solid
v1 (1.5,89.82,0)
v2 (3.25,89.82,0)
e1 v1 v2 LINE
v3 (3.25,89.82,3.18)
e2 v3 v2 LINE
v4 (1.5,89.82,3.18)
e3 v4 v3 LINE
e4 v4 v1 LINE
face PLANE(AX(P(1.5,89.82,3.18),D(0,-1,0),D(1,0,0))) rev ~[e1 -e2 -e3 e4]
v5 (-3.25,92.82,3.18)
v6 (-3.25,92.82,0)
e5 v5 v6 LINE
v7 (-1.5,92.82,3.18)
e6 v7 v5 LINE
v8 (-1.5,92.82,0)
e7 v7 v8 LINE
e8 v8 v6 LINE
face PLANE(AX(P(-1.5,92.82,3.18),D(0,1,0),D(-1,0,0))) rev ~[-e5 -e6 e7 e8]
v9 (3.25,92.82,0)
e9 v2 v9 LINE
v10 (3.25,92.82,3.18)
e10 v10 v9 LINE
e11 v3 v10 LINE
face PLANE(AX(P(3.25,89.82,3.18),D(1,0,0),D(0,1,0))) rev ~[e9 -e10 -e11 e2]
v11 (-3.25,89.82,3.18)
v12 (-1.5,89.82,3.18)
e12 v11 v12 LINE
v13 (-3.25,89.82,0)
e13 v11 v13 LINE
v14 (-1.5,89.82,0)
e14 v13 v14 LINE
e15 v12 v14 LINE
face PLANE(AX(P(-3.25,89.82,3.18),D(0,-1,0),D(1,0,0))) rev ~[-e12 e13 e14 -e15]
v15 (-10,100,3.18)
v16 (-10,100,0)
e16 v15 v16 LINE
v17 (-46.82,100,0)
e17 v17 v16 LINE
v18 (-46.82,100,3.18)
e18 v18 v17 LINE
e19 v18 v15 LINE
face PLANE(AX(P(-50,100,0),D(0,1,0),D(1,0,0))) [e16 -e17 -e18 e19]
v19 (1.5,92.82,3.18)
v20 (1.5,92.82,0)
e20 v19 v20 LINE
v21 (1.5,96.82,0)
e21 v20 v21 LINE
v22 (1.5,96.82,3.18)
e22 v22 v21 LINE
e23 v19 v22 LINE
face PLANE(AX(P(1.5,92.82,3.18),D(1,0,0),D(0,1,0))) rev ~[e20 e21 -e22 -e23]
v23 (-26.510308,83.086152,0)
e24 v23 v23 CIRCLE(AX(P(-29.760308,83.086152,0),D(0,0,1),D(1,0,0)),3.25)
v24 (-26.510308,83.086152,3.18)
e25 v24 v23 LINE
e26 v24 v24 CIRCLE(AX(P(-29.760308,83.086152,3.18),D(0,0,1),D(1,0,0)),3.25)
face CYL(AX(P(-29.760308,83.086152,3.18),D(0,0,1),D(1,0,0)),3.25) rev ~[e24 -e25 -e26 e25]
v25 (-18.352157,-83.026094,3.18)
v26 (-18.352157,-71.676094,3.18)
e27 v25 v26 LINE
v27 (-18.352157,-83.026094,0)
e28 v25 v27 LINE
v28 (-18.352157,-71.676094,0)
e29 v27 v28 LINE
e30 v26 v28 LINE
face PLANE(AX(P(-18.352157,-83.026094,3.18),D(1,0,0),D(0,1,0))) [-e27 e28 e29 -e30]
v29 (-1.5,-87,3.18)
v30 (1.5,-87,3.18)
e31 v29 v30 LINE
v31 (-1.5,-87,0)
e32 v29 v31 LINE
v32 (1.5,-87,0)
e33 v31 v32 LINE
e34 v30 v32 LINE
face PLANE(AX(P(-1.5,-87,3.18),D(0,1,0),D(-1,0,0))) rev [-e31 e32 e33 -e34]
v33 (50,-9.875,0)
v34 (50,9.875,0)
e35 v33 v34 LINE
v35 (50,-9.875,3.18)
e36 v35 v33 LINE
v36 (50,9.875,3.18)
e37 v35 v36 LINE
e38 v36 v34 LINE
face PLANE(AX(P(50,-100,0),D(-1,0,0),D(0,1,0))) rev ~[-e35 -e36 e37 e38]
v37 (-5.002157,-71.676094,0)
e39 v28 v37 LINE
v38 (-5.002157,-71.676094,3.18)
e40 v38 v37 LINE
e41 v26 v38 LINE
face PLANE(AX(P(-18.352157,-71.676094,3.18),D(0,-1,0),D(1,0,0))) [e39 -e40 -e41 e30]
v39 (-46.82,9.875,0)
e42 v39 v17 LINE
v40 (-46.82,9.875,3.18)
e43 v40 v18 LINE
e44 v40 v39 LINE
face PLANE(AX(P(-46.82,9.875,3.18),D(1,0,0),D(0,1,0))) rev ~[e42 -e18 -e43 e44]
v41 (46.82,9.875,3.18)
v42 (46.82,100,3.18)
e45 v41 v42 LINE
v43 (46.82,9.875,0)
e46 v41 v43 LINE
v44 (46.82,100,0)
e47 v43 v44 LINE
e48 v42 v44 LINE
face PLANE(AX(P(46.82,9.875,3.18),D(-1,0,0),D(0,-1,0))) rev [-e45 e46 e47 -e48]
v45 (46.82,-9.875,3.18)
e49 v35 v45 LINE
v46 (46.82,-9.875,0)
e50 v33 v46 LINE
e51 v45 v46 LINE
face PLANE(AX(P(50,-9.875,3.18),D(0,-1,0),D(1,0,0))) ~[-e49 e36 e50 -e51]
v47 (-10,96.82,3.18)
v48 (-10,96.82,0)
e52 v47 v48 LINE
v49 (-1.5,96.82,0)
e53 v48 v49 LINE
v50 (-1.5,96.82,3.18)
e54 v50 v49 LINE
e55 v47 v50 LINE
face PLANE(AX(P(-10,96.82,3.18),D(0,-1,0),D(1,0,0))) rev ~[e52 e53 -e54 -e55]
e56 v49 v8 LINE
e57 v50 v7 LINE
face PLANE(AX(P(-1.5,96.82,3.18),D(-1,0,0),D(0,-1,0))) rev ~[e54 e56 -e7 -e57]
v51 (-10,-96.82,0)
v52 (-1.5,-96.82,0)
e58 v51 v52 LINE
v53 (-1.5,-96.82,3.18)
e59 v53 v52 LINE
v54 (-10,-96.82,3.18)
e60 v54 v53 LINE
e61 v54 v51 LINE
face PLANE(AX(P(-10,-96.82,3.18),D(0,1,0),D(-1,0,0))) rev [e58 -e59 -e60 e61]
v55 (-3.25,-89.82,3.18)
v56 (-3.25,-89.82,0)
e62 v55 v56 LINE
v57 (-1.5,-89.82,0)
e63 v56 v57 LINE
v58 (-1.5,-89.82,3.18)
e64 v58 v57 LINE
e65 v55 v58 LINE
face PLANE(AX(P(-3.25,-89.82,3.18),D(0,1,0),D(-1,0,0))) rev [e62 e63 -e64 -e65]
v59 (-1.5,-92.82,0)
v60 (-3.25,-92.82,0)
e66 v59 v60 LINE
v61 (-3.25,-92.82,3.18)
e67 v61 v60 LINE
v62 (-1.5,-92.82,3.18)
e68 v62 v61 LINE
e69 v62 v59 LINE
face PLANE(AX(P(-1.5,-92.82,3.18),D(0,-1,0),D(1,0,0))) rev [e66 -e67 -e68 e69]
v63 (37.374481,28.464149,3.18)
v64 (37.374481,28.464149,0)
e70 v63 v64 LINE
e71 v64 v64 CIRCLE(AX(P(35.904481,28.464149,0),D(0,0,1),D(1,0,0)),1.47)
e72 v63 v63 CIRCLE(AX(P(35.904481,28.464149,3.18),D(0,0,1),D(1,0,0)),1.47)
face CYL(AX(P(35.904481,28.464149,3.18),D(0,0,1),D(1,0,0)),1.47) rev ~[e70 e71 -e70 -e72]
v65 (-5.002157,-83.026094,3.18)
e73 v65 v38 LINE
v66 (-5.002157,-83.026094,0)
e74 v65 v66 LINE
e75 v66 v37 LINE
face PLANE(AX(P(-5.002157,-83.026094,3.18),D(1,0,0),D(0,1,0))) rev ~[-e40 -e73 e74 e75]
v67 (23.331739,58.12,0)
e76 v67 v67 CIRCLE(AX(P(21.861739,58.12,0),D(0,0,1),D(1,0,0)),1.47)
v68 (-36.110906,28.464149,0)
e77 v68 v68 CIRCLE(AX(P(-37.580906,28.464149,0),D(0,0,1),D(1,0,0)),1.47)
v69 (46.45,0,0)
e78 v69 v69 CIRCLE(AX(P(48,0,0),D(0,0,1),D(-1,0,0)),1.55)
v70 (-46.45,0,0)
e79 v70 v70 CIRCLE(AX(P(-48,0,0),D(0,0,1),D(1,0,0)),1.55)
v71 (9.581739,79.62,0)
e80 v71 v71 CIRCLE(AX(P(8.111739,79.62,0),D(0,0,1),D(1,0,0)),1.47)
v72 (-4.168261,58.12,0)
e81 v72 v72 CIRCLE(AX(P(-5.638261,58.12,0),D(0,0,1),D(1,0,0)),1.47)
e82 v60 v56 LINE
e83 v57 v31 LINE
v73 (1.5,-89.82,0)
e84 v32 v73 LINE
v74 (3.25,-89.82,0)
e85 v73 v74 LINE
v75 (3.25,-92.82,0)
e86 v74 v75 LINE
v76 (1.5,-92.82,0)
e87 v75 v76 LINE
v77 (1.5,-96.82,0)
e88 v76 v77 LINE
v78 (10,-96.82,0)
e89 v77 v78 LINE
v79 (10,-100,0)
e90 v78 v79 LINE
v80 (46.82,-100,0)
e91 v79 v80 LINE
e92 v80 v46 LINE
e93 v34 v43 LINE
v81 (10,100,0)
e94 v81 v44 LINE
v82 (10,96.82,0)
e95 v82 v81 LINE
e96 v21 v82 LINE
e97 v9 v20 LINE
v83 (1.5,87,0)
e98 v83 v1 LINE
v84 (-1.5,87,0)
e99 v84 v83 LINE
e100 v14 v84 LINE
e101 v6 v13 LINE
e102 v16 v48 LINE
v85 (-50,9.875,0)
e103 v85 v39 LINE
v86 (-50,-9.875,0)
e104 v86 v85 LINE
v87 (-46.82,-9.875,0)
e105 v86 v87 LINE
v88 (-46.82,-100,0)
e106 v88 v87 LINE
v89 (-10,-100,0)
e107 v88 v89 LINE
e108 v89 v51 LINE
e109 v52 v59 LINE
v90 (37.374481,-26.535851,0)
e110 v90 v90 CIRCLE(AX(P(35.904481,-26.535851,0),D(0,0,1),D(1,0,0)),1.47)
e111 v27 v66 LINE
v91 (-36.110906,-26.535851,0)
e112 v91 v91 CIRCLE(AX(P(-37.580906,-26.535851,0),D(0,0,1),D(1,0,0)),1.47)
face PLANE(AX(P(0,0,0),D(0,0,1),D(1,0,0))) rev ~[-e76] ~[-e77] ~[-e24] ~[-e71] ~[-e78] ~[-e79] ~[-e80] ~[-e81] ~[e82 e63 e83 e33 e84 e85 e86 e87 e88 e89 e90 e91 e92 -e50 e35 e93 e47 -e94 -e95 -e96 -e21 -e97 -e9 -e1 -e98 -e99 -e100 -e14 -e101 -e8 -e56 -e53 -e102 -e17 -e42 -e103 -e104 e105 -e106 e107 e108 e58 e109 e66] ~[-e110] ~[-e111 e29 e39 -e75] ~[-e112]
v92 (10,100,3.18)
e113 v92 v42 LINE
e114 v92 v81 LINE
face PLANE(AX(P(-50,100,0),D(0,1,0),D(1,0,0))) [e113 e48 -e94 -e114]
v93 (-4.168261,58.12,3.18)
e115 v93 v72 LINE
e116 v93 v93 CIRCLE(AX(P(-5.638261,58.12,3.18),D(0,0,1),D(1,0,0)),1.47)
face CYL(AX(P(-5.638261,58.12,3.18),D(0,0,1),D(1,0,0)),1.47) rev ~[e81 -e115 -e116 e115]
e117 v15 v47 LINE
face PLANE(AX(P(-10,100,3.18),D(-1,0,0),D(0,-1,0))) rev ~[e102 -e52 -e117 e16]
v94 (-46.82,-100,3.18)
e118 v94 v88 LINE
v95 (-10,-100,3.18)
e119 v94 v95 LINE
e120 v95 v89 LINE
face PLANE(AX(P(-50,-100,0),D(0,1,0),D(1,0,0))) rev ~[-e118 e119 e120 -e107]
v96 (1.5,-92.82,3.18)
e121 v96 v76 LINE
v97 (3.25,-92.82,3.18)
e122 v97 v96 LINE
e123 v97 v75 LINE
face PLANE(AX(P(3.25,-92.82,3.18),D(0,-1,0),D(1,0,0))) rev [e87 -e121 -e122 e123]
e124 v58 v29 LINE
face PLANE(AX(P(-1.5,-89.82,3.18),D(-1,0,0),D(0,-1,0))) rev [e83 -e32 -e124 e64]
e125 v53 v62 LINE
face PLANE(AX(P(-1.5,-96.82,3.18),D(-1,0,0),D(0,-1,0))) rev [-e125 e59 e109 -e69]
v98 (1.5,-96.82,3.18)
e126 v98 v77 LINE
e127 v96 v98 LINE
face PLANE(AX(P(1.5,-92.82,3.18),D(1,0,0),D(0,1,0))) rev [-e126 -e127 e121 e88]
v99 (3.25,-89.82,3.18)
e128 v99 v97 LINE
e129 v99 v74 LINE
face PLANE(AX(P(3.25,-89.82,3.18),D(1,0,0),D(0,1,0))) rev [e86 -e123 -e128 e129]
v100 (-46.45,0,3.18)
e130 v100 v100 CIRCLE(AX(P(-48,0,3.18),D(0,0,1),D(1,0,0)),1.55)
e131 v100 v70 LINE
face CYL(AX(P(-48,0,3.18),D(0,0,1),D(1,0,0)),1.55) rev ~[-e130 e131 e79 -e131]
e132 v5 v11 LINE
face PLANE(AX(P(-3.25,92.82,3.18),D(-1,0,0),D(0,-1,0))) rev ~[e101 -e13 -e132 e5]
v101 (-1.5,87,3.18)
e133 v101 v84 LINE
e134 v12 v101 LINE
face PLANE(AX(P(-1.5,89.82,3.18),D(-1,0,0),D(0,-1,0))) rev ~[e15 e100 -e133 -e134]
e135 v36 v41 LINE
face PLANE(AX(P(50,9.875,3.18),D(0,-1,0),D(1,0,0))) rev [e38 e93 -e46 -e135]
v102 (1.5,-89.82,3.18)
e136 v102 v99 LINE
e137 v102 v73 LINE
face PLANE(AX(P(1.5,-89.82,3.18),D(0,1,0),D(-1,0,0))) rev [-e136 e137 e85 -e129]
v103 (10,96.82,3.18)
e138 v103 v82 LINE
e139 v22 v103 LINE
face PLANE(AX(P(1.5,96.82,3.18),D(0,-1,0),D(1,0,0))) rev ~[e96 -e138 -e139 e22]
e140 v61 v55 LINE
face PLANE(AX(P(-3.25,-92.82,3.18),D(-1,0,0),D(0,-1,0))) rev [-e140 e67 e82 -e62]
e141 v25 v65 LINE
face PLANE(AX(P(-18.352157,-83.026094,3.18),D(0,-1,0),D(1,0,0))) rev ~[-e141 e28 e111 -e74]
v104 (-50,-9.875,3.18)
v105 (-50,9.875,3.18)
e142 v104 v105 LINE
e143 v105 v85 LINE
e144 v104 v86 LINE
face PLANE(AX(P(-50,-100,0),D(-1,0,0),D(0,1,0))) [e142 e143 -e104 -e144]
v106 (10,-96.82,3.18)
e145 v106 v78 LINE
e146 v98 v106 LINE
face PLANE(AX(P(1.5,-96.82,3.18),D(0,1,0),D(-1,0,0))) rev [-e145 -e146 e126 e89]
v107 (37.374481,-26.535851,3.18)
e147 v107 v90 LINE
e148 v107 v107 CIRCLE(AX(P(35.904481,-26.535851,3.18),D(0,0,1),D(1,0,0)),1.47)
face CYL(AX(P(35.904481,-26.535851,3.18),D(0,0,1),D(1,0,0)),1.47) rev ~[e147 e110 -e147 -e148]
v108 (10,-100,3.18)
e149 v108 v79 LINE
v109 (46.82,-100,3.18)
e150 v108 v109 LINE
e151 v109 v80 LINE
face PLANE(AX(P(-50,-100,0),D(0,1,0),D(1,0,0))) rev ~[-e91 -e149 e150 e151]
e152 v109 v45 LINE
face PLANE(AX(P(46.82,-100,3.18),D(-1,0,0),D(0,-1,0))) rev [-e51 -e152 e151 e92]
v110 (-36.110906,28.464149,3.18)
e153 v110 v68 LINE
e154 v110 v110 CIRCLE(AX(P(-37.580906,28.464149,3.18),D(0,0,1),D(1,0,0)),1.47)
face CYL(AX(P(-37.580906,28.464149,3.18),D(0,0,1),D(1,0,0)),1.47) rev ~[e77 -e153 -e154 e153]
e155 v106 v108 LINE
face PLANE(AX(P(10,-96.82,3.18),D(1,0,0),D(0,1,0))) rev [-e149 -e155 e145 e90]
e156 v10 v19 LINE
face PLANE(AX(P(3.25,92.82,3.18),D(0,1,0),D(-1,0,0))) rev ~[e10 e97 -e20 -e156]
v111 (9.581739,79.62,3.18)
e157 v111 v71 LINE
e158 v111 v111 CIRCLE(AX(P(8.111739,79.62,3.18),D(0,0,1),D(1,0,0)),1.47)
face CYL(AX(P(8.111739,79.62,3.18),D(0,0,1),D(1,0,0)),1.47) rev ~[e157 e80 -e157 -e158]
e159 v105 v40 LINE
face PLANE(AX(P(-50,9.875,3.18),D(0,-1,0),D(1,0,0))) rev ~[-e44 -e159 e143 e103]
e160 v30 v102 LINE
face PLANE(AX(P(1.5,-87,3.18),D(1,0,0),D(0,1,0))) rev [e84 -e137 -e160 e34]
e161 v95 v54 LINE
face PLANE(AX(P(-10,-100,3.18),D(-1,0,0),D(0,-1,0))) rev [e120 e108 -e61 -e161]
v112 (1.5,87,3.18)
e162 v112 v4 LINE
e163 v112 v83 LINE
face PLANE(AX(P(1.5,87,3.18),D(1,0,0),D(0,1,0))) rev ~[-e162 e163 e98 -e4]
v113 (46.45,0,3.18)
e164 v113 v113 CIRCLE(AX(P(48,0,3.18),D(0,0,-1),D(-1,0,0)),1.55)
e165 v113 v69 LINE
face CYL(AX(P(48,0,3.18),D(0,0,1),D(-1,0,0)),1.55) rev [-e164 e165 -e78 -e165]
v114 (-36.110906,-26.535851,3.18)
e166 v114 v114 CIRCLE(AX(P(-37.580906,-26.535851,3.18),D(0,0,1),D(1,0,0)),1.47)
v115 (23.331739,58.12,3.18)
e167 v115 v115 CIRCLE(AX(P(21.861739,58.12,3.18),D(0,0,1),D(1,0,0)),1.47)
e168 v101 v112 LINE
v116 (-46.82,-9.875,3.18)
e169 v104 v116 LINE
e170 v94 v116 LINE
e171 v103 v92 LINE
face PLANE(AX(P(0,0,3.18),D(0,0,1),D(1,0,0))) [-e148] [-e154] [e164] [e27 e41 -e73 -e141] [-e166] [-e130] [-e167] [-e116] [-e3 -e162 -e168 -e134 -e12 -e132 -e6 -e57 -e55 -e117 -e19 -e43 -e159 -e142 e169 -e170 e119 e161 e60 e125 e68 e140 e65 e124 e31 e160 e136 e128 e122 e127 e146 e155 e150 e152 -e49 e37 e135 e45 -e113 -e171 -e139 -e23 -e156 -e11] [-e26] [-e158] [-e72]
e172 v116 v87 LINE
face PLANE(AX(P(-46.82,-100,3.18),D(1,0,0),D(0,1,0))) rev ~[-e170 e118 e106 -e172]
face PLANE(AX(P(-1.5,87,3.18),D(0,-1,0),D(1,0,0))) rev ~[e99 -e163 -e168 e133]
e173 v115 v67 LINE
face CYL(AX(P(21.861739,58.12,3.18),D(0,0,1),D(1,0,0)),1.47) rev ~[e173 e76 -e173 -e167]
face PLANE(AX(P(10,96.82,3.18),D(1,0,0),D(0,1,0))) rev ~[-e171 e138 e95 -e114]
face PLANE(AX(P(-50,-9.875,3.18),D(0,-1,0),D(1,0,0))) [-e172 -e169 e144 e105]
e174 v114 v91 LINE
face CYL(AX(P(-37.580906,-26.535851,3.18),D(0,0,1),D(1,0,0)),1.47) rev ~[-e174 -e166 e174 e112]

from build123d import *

# Parameters (mm, degrees)
SKETCH1_W           = 100
SKETCH1_H           = 200
BOSS_EXTRUDE2_DEPTH = 3.18
SKETCH2_R           = 1.55
SKETCH2_W           = 3.18
SKETCH2_H           = 90.125
CUT_EXTRUDE1_DEPTH  = 4.18
SKETCH5_R           = 1.47
CUT_EXTRUDE4_DEPTH  = 4.18
SKETCH6_R           = 1.47
CUT_EXTRUDE5_DEPTH  = 4.18
SKETCH4_W           = 13.35
SKETCH4_H           = 11.35
CUT_EXTRUDE7_DEPTH  = 4.18
SKETCH7_R           = 3.25
CUT_EXTRUDE8_DEPTH  = 4.18


with BuildPart() as part:
    # Sketch1 → Boss-Extrude2 (new body)
    with BuildSketch(Plane.XY):
        Rectangle(SKETCH1_W, SKETCH1_H)
    extrude(amount=BOSS_EXTRUDE2_DEPTH)

    # Sketch2 → Cut-Extrude1 (cut, through all)
    with BuildSketch(Plane.XY.offset(3.18)):
        with Locations((-48, 0)):
            Circle(SKETCH2_R)
        Polygon((-10, 100), (-10, 96.82), (-1.5, 96.82), (-1.5, 92.82), (-3.25, 92.82), (-3.25, 89.82), (-1.5, 89.82), (-1.5, 87), (1.5, 87), (1.5, 89.82), (3.25, 89.82), (3.25, 92.82), (1.5, 92.82), (1.5, 96.82), (10, 96.82), (10, 100), align=None)
        with Locations((-48.41, 54.9375)):
            Rectangle(SKETCH2_W, SKETCH2_H)
        with Locations((-48.41, -54.9375)):
            Rectangle(SKETCH2_W, SKETCH2_H)
    cut_extrude1 = extrude(amount=-CUT_EXTRUDE1_DEPTH, mode=Mode.SUBTRACT)

    # Mirror1: Cut-Extrude1 across plane
    add(cut_extrude1.mirror(Plane.ZX), mode=Mode.SUBTRACT)

    # Mirror3: Cut-Extrude1 across plane
    add(cut_extrude1.mirror(Plane(origin=(0, 0, 0), x_dir=(0, 0, 1), z_dir=(1, 0, 0))), mode=Mode.SUBTRACT)

    # Sketch5 → Cut-Extrude4 (cut, through all)
    with BuildSketch(Plane.XY.offset(3.18)):
        with Locations((-37.58090562, 28.464149283)):
            Circle(SKETCH5_R)
        with Locations((35.904481485, 28.464149283)):
            Circle(SKETCH5_R)
        with Locations((-37.58090562, -26.535850717)):
            Circle(SKETCH5_R)
        with Locations((35.904481485, -26.535850717)):
            Circle(SKETCH5_R)
    extrude(amount=-CUT_EXTRUDE4_DEPTH, mode=Mode.SUBTRACT)

    # Sketch6 → Cut-Extrude5 (cut, through all)
    with BuildSketch(Plane.XY.offset(3.18)):
        with Locations((-5.638260743, 58.12)):
            Circle(SKETCH6_R)
        with Locations((8.111739257, 79.62)):
            Circle(SKETCH6_R)
        with Locations((21.861739257, 58.12)):
            Circle(SKETCH6_R)
    extrude(amount=-CUT_EXTRUDE5_DEPTH, mode=Mode.SUBTRACT)

    # Sketch4 → Cut-Extrude7 (cut, through all)
    with BuildSketch(Plane.XY.offset(3.18)):
        with Locations((-11.677157219, -77.351093612)):
            Rectangle(SKETCH4_W, SKETCH4_H)
    extrude(amount=-CUT_EXTRUDE7_DEPTH, mode=Mode.SUBTRACT)

    # Sketch7 → Cut-Extrude8 (cut, through all)
    with BuildSketch(Plane.XY.offset(3.18)):
        with Locations((-29.760307604, 83.086151576)):
            Circle(SKETCH7_R)
    extrude(amount=-CUT_EXTRUDE8_DEPTH, mode=Mode.SUBTRACT)


solid = part.part
